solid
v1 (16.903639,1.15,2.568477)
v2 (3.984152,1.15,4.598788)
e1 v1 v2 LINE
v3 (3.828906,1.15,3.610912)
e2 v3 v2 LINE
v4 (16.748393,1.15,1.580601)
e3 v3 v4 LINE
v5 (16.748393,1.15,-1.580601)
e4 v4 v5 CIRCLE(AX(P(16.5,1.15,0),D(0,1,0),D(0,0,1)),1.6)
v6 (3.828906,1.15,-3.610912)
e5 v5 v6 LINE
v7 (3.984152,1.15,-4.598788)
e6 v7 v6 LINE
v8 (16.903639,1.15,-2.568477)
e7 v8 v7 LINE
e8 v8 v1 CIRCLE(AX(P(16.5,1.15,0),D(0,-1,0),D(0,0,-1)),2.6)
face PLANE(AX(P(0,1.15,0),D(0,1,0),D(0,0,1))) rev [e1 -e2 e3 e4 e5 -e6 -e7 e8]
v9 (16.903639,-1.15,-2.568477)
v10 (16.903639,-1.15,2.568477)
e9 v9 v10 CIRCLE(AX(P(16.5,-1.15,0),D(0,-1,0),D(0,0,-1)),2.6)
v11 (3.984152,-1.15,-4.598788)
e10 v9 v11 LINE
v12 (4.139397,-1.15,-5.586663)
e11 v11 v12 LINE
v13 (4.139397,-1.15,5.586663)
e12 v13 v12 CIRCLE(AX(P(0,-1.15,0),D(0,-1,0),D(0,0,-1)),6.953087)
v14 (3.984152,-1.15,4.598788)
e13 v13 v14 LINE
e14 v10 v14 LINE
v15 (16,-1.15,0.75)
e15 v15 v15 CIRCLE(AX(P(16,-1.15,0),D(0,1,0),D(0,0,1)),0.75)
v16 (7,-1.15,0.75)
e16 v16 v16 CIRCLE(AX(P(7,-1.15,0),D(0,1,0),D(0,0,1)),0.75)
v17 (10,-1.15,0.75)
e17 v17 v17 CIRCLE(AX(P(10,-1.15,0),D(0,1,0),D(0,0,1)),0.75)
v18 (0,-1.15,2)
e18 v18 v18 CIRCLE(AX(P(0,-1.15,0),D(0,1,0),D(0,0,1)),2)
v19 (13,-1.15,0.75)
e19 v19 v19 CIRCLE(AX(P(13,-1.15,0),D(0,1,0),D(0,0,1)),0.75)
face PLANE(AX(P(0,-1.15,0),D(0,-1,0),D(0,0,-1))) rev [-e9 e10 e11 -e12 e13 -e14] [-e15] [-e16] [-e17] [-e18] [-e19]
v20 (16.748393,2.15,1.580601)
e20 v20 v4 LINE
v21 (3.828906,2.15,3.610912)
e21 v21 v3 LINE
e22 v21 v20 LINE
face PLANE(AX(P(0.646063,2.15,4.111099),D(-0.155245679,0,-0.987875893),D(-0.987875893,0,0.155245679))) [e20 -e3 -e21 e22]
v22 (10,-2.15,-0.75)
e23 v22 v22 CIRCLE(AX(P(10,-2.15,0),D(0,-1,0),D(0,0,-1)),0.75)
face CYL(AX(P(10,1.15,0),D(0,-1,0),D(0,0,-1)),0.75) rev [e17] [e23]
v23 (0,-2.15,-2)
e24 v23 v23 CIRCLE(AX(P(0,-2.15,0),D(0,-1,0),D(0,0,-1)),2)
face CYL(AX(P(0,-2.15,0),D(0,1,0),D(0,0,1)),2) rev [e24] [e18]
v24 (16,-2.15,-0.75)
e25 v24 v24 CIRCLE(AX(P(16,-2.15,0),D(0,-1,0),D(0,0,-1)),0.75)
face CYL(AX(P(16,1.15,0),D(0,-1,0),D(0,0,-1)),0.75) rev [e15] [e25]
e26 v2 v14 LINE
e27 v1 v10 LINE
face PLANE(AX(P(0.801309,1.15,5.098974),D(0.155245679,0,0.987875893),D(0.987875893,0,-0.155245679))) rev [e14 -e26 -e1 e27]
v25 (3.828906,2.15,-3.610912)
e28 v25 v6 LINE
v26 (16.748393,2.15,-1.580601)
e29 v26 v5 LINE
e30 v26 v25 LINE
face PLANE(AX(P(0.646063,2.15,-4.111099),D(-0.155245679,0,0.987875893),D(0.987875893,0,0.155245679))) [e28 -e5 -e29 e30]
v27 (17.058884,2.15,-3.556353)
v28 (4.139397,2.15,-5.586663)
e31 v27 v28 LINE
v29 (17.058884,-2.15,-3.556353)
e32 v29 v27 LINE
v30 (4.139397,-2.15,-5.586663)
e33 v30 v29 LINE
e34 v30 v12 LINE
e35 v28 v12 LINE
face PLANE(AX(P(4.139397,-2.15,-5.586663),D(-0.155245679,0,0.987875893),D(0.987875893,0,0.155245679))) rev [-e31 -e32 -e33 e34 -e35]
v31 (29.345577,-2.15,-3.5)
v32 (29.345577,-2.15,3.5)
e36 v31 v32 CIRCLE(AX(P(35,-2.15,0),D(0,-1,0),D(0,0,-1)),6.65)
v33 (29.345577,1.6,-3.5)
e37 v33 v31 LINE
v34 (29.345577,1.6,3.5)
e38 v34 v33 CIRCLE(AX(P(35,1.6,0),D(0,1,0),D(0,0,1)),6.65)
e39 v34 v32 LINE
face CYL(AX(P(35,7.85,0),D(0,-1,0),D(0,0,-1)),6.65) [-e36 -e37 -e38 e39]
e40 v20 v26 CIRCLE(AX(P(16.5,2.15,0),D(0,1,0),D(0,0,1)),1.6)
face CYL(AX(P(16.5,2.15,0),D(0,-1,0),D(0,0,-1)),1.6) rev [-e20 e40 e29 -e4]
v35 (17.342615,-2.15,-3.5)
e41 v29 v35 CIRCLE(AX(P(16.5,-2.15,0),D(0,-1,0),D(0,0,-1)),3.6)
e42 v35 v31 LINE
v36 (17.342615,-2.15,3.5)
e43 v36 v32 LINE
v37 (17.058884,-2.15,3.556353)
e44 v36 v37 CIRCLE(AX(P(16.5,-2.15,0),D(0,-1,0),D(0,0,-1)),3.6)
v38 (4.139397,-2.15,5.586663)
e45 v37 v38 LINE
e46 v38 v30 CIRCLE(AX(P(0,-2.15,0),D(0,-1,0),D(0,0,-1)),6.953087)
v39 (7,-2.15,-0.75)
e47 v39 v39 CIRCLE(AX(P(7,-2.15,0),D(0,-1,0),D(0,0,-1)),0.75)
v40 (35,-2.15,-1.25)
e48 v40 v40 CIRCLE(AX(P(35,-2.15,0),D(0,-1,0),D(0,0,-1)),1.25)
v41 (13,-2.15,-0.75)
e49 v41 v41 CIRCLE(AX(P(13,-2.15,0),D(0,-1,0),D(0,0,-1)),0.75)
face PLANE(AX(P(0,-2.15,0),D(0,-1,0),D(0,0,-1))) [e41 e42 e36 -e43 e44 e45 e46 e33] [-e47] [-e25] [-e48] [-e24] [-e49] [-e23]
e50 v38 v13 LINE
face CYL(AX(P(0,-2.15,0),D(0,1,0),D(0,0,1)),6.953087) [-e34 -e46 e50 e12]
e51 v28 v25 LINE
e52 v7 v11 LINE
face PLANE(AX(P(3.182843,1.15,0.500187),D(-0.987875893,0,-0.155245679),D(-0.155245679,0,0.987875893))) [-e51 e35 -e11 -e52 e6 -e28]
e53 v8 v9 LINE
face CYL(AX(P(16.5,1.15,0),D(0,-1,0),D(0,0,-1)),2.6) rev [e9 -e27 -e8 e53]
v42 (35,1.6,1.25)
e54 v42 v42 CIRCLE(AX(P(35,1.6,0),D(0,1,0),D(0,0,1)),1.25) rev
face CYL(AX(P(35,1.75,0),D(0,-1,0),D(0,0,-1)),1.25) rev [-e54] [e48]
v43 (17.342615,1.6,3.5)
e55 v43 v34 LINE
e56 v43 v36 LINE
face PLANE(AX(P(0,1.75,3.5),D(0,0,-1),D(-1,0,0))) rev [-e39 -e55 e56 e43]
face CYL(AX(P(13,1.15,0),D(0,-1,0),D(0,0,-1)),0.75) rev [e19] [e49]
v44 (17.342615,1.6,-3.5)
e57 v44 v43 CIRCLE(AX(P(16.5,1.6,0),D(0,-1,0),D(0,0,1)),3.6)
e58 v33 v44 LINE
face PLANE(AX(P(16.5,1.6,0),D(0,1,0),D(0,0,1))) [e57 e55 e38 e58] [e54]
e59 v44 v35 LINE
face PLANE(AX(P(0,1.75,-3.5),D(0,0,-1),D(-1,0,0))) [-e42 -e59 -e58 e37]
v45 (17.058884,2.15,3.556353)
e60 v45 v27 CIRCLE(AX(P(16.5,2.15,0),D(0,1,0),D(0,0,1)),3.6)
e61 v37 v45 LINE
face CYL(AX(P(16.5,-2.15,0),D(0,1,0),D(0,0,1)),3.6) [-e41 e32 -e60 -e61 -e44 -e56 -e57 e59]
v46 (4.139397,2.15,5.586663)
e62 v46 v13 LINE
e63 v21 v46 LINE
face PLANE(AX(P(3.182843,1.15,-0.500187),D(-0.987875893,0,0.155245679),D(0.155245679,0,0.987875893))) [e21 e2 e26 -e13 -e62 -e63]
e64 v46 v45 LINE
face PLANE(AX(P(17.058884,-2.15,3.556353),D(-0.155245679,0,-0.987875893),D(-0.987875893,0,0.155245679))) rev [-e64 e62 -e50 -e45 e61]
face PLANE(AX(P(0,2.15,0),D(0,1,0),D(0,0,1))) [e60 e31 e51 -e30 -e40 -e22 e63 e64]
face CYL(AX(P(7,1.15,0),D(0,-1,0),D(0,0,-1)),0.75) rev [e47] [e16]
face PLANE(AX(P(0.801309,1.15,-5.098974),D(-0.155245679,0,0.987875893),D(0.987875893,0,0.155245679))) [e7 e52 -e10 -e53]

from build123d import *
from build123d.topology import SkipClean

# Parameters (mm, degrees)
SKETCH2_R               = 6
SKETCH2_R_2             = 1.5
BOSS_EXTRUDE1_DEPTH     = 1.15
SKETCH3_R               = 4.4
BOSS_EXTRUDE2_DEPTH     = 3.2
SKETCH4_R               = 0.75
BOSS_EXTRUDE3_DEPTH     = 1.15
CIRPATTERN1_COUNT       = 2
BOSS_EXTRUDE5_DEPTH     = 2.3
SKETCH7_R               = 2
BOSS_EXTRUDE6_DEPTH     = 1
CUT_EXTRUDE2_DEPTH      = 23.239726126
CUT_EXTRUDE4_DEPTH      = 2.3
SKETCH13_R              = 4.4
CUT_EXTRUDE5_DEPTH      = 3.3
BOSS_EXTRUDE8_DEPTH     = 1
SKETCH14_R              = 1.25
BOSS_EXTRUDE9_DEPTH     = 3.9
CUT_EXTRUDE6_DEPTH      = 10
CUT_EXTRUDE8_DEPTH      = 43.406107086
CUT_EXTRUDE8_DEPTH_BACK = 0.15


with BuildPart() as part:
    # Sketch2 → Boss-Extrude1 (new, symmetric)
    with BuildSketch(Plane(origin=(0, 0, 0), x_dir=(1, 0, 0), z_dir=(0, 1, 0))):
        with Locations(Location((0, 0, 0), (0, 0, 270))):
            Circle(SKETCH2_R)
        with Locations(Location((0, 0, 0), (0, 0, 270))):
            Circle(SKETCH2_R_2, mode=Mode.SUBTRACT)
    extrude(amount=BOSS_EXTRUDE1_DEPTH, both=True)

    # Sketch3 → Boss-Extrude2 (add)
    with BuildSketch(Plane(origin=(0, 1.15, 0), x_dir=(1, 0, 0), z_dir=(0, 1, 0))):
        with Locations(Location((0, 0, 0), (0, 0, 270))):
            Circle(SKETCH3_R)
        with BuildLine():
            Line((0.107421435, 2.898009771), (0.338399731, 2.678709694))
            Line((0.338399731, 2.678709694), (0.61665913, 2.83367809))
            ThreePointArc((0.61665913, 2.83367809), (0.721200673, 2.808891167), (0.824752316, 2.780248841))
            Line((0.824752316, 2.780248841), (0.993936292, 2.510396512))
            Line((0.993936292, 2.510396512), (1.301992734, 2.591295993))
            ThreePointArc((1.301992734, 2.591295993), (1.397085655, 2.541289372), (1.490260976, 2.48779465))
            Line((1.490260976, 2.48779465), (1.587020181, 2.184345885))
            Line((1.587020181, 2.184345885), (1.905517346, 2.186093238))
            ThreePointArc((1.905517346, 2.186093238), (1.985186607, 2.11400902), (2.062131058, 2.039023173))
            Line((2.062131058, 2.039023173), (2.080385755, 1.721044772))
            Line((2.080385755, 1.721044772), (2.389311295, 1.643530205))
            ThreePointArc((2.389311295, 1.643530205), (2.448550984, 1.553897705), (2.504429862, 1.46213237))
            Line((2.504429862, 1.46213237), (2.443033042, 1.149604087))
            Line((2.443033042, 1.149604087), (2.722976028, 0.997698125))
            ThreePointArc((2.722976028, 0.997698125), (2.758063897, 0.896149284), (2.789366126, 0.793370413))
            Line((2.789366126, 0.793370413), (2.652175577, 0.505929549))
            Line((2.652175577, 0.505929549), (2.885546163, 0.289177003))
            ThreePointArc((2.885546163, 0.289177003), (2.894277512, 0.182092507), (2.899036259, 0.074758075))
            Line((2.899036259, 0.074758075), (2.694672167, -0.169534403))
            Line((2.694672167, -0.169534403), (2.866806821, -0.437514174))
            ThreePointArc((2.866806821, -0.437514174), (2.848633027, -0.543405812), (2.826549281, -0.648551587))
            Line((2.826549281, -0.648551587), (2.567852594, -0.834345885))
            Line((2.567852594, -0.834345885), (2.667935462, -1.136714727))
            ThreePointArc((2.667935462, -1.136714727), (2.623998452, -1.234759946), (2.576459817, -1.331110368))
            Line((2.576459817, -1.331110368), (2.279685399, -1.446732346))
            Line((2.279685399, -1.446732346), (2.301427906, -1.764491312))
            ThreePointArc((2.301427906, -1.764491312), (2.234488404, -1.84852957), (2.164481907, -1.930030589))
            Line((2.164481907, -1.930030589), (1.848277186, -1.968215294))
            Line((1.848277186, -1.968215294), (1.790313171, -2.281398419))
            ThreePointArc((1.790313171, -2.281398419), (1.704577232, -2.346149284), (1.616501638, -2.40767989))
            Line((1.616501638, -2.40767989), (1.30073492, -2.366028036))
            Line((1.30073492, -2.366028036), (1.166706475, -2.654956874))
            ThreePointArc((1.166706475, -2.654956874), (1.067561203, -2.696351809), (0.966950626, -2.734045809))
            Line((0.966950626, -2.734045809), (0.671462695, -2.615174535))
            Line((0.671462695, -2.615174535), (0.469791321, -2.861694623))
            ThreePointArc((0.469791321, -2.861694623), (0.363466377, -2.877132634), (0.25664255, -2.888621575))
            Line((0.25664255, -2.888621575), (0, -2.7))
            Line((0, -2.7), (-0.25664255, -2.888621575))
            ThreePointArc((-0.25664255, -2.888621575), (-0.363466377, -2.877132634), (-0.469791321, -2.861694623))
            Line((-0.469791321, -2.861694623), (-0.671462695, -2.615174535))
            Line((-0.671462695, -2.615174535), (-0.966950626, -2.734045809))
            ThreePointArc((-0.966950626, -2.734045809), (-1.067561203, -2.696351809), (-1.166706475, -2.654956874))
            Line((-1.166706475, -2.654956874), (-1.30073492, -2.366028036))
            Line((-1.30073492, -2.366028036), (-1.616501638, -2.40767989))
            ThreePointArc((-1.616501638, -2.40767989), (-1.704577232, -2.346149284), (-1.790313171, -2.281398419))
            Line((-1.790313171, -2.281398419), (-1.848277186, -1.968215294))
            Line((-1.848277186, -1.968215294), (-2.164481907, -1.930030589))
            ThreePointArc((-2.164481907, -1.930030589), (-2.234488404, -1.84852957), (-2.301427906, -1.764491312))
            Line((-2.301427906, -1.764491312), (-2.279685399, -1.446732346))
            Line((-2.279685399, -1.446732346), (-2.576459817, -1.331110368))
            ThreePointArc((-2.576459817, -1.331110368), (-2.623998452, -1.234759946), (-2.667935462, -1.136714727))
            Line((-2.667935462, -1.136714727), (-2.567852594, -0.834345885))
            Line((-2.567852594, -0.834345885), (-2.826549281, -0.648551587))
            ThreePointArc((-2.826549281, -0.648551587), (-2.848633027, -0.543405812), (-2.866806821, -0.437514174))
            Line((-2.866806821, -0.437514174), (-2.694672167, -0.169534403))
            Line((-2.694672167, -0.169534403), (-2.899036259, 0.074758075))
            ThreePointArc((-2.899036259, 0.074758075), (-2.894277512, 0.182092507), (-2.885546163, 0.289177003))
            Line((-2.885546163, 0.289177003), (-2.652175577, 0.505929549))
            Line((-2.652175577, 0.505929549), (-2.789366126, 0.793370413))
            ThreePointArc((-2.789366126, 0.793370413), (-2.758063897, 0.896149284), (-2.722976028, 0.997698125))
            Line((-2.722976028, 0.997698125), (-2.443033042, 1.149604087))
            Line((-2.443033042, 1.149604087), (-2.504429862, 1.46213237))
            ThreePointArc((-2.504429862, 1.46213237), (-2.448550984, 1.553897705), (-2.389311295, 1.643530205))
            Line((-2.389311295, 1.643530205), (-2.080385755, 1.721044772))
            Line((-2.080385755, 1.721044772), (-2.062131058, 2.039023173))
            ThreePointArc((-2.062131058, 2.039023173), (-1.985186607, 2.11400902), (-1.905517346, 2.186093238))
            Line((-1.905517346, 2.186093238), (-1.587020181, 2.184345885))
            Line((-1.587020181, 2.184345885), (-1.490260976, 2.48779465))
            ThreePointArc((-1.490260976, 2.48779465), (-1.397085655, 2.541289372), (-1.301992734, 2.591295993))
            Line((-1.301992734, 2.591295993), (-0.993936292, 2.510396512))
            Line((-0.993936292, 2.510396512), (-0.824752316, 2.780248841))
            ThreePointArc((-0.824752316, 2.780248841), (-0.721200673, 2.808891167), (-0.61665913, 2.83367809))
            Line((-0.61665913, 2.83367809), (-0.338399731, 2.678709694))
            Line((-0.338399731, 2.678709694), (-0.107421435, 2.898009771))
            ThreePointArc((-0.107421435, 2.898009771), (0, 2.9), (0.107421435, 2.898009771))
        make_face(mode=Mode.SUBTRACT)
    extrude(amount=BOSS_EXTRUDE2_DEPTH)

    # Sketch4 → Boss-Extrude3 (add, symmetric)
    with BuildSketch(Plane(origin=(0, 0, 0), x_dir=(1, 0, 0), z_dir=(0, 1, 0))):
        with BuildLine():
            Line((3.968626967, 4.5), (16.888114198, 2.469689731))
            ThreePointArc((16.888114198, 2.469689731), (19, 0), (16.888114198, -2.469689731))
            Line((16.888114198, -2.469689731), (3.968626967, -4.5))
            ThreePointArc((3.968626967, -4.5), (6, 0), (3.968626967, 4.5))
        make_face()
        with Locations(Location((16, 0, 0), (0, 0, 270))):
            Circle(SKETCH4_R, mode=Mode.SUBTRACT)
        with Locations(Location((13, 0, 0), (0, 0, 270))):
            Circle(SKETCH4_R, mode=Mode.SUBTRACT)
        with Locations(Location((10, 0, 0), (0, 0, 270))):
            Circle(SKETCH4_R, mode=Mode.SUBTRACT)
        with Locations(Location((7, 0, 0), (0, 0, 270))):
            Circle(SKETCH4_R, mode=Mode.SUBTRACT)
    boss_extrude3 = extrude(amount=BOSS_EXTRUDE3_DEPTH, both=True)

    # CirPattern1: Boss-Extrude3 ×2 about axis
    cirpattern1_axis = Axis((0, 0, 0), (0, 1, 0))
    for i in range(1, CIRPATTERN1_COUNT):
        add(boss_extrude3.rotate(cirpattern1_axis, i * 360 / CIRPATTERN1_COUNT))



with BuildPart() as body_2:
    # Sketch6 → Boss-Extrude5 (new body)
    with BuildSketch(Plane.XZ.offset(1.15)):
        with BuildLine():
            Line((17.058884445, -3.556353213), (4.139397214, -5.586663482))
            Line((4.139397214, -5.586663482), (3.984151535, -4.598787589))
            Line((3.984151535, -4.598787589), (16.903638766, -2.568477321))
            ThreePointArc((16.903638766, -2.568477321), (19.1, 0), (16.903638766, 2.568477321))
            Line((16.903638766, 2.568477321), (3.984151535, 4.598787589))
            Line((3.984151535, 4.598787589), (4.139397214, 5.586663482))
            Line((4.139397214, 5.586663482), (17.058884445, 3.556353213))
            ThreePointArc((17.058884445, 3.556353213), (20.1, 0), (17.058884445, -3.556353213))
        make_face()
    extrude(amount=-BOSS_EXTRUDE5_DEPTH)


with BuildPart() as part_1:
    add(part.part)

    add(body_2.part)  # Boss-Extrude6 merges body 2
    # Sketch7 → Boss-Extrude6 (add)
    with BuildSketch(Plane.XZ.offset(1.15)):
        with BuildLine():
            Line((4.139397214, -5.586663482), (17.058884445, -3.556353213))
            ThreePointArc((17.058884445, -3.556353213), (20.1, 0), (17.058884445, 3.556353213))
            Line((17.058884445, 3.556353213), (4.139397214, 5.586663482))
            ThreePointArc((4.139397214, 5.586663482), (-6.953086951, 0), (4.139397214, -5.586663482))
        make_face()
        with Locations(Location((0, 0, 0), (0, 0, 270))):
            Circle(SKETCH7_R, mode=Mode.SUBTRACT)
    extrude(amount=BOSS_EXTRUDE6_DEPTH)

    # Sketch10 → Cut-Extrude2 (cut, through all)
    with SkipClean():  # the faces are left unmerged after this step: merging them gives an invalid solid
        with BuildSketch(Plane.XZ.offset(2.15)):
            with BuildLine():
                ThreePointArc((10.75, 0), (10, 0.75), (9.25, 0))
                Line((9.25, 0), (10.75, 0))
            make_face()
            with BuildLine():
                Line((10.75, 0), (9.25, 0))
                ThreePointArc((9.25, 0), (10, -0.75), (10.75, 0))
            make_face()
            with BuildLine():
                ThreePointArc((13.75, 0), (13, 0.75), (12.25, 0))
                Line((12.25, 0), (13.75, 0))
            make_face()
            with BuildLine():
                Line((13.75, 0), (12.25, 0))
                ThreePointArc((12.25, 0), (13, -0.75), (13.75, 0))
            make_face()
            with BuildLine():
                ThreePointArc((16.75, 0), (16, 0.75), (15.25, 0))
                Line((15.25, 0), (16.75, 0))
            make_face()
            with BuildLine():
                Line((16.75, 0), (15.25, 0))
                ThreePointArc((15.25, 0), (16, -0.75), (16.75, 0))
            make_face()
            with BuildLine():
                ThreePointArc((7.75, 0), (7, 0.75), (6.25, 0))
                Line((6.25, 0), (7.75, 0))
            make_face()
            with BuildLine():
                Line((7.75, 0), (6.25, 0))
                ThreePointArc((6.25, 0), (7, -0.75), (7.75, 0))
            make_face()
        extrude(amount=-CUT_EXTRUDE2_DEPTH, mode=Mode.SUBTRACT)

    # Sketch12 → Cut-Extrude4 (cut)
    with BuildSketch(Plane(origin=(0, 1.15, 0), x_dir=(1, 0, 0), z_dir=(0, 1, 0))):
        with BuildLine():
            Line((-3.968626967, 4.5), (-16.888114198, 2.469689731))
            ThreePointArc((-16.888114198, 2.469689731), (-19, 0), (-16.888114198, -2.469689731))
            Line((-16.888114198, -2.469689731), (-3.968626967, -4.5))
            ThreePointArc((-3.968626967, -4.5), (0, -6), (3.968626967, -4.5))
            Line((3.968626967, -4.5), (16.888114198, -2.469689731))
            ThreePointArc((16.888114198, -2.469689731), (19, 0), (16.888114198, 2.469689731))
            Line((16.888114198, 2.469689731), (3.968626967, 4.5))
            ThreePointArc((3.968626967, 4.5), (0, 6), (-3.968626967, 4.5))
        make_face()
    extrude(amount=-CUT_EXTRUDE4_DEPTH, mode=Mode.SUBTRACT)


with BuildPart() as cut_extrude4_piece_1:
    # of the separate pieces the step leaves, piece 1, a body of its own (cut_extrude4_pieces)
    add(part_1.part.solids().sort_by_distance((4.139397214, -1.15, -5.586663482))[0])

    # Sketch9 → Boss-Extrude8 (add)
    with BuildSketch(Plane(origin=(0, 1.15, 0), x_dir=(1, 0, 0), z_dir=(0, 1, 0))):
        with BuildLine():
            ThreePointArc((17.058884445, -3.556353213), (20.1, 0), (17.058884445, 3.556353213))
            Line((17.058884445, 3.556353213), (4.139397214, 5.586663482))
            Line((4.139397214, 5.586663482), (3.984151535, 4.598787589))
            Line((3.984151535, 4.598787589), (16.903638766, 2.568477321))
            ThreePointArc((16.903638766, 2.568477321), (19.1, 0), (16.903638766, -2.568477321))
            Line((16.903638766, -2.568477321), (3.984151535, -4.598787589))
            Line((3.984151535, -4.598787589), (4.139397214, -5.586663482))
            Line((4.139397214, -5.586663482), (17.058884445, -3.556353213))
        make_face()
        with BuildLine():
            ThreePointArc((16.748393087, -1.580601428), (18.1, 0), (16.748393087, 1.580601428))
            Line((16.748393087, 1.580601428), (3.828905855, 3.610911697))
            Line((3.828905855, 3.610911697), (3.984151535, 4.598787589))
            Line((3.984151535, 4.598787589), (16.903638766, 2.568477321))
            ThreePointArc((16.903638766, 2.568477321), (19.1, 0), (16.903638766, -2.568477321))
            Line((16.903638766, -2.568477321), (3.984151535, -4.598787589))
            Line((3.984151535, -4.598787589), (3.828905855, -3.610911697))
            Line((3.828905855, -3.610911697), (16.748393087, -1.580601428))
        make_face()
    extrude(amount=BOSS_EXTRUDE8_DEPTH)

    # Sketch14 → Boss-Extrude9 (add)
    # profile 1 of 5: a face of its own
    with BuildSketch(Plane.XZ.offset(2.15)):
        with BuildLine():
            Line((28, 0), (20.1, 0))
            ThreePointArc((20.1, 0), (19.327844932, -2.227844932), (17.342614977, -3.5))
            Line((17.342614977, -3.5), (28.937822174, -3.5))
            ThreePointArc((28.937822174, -3.5), (28.238519216, -1.811733316), (28, 0))
        make_face()
    # profile 2 of 5: a face of its own
    with BuildSketch(Plane.XZ.offset(2.15)):
        with BuildLine():
            ThreePointArc((17.342614977, 3.5), (19.327844932, 2.227844932), (20.1, 0))
            Line((20.1, 0), (28, 0))
            ThreePointArc((28, 0), (28.238519216, 1.811733316), (28.937822174, 3.5))
            Line((28.937822174, 3.5), (17.342614977, 3.5))
        make_face()
    # profile 3 of 5: a face of its own
    with BuildSketch(Plane.XZ.offset(2.15)):
        with BuildLine():
            Line((30.836953373, 3.5), (30.836953373, 0))
            Line((30.836953373, 0), (30.836953373, -3.5))
            Line((30.836953373, -3.5), (28.937822174, -3.5))
            ThreePointArc((28.937822174, -3.5), (36.811733316, -6.761480784), (42, 0))
            ThreePointArc((42, 0), (36.811733316, 6.761480784), (28.937822174, 3.5))
            Line((28.937822174, 3.5), (30.836953373, 3.5))
        make_face()
        with Locations(Location((35, 0, 0), (0, 0, 270))):
            Circle(SKETCH14_R, mode=Mode.SUBTRACT)
    # profile 4 of 5: a face of its own
    with BuildSketch(Plane.XZ.offset(2.15)):
        with BuildLine():
            Line((30.836953373, 0), (28, 0))
            ThreePointArc((28, 0), (28.238519216, -1.811733316), (28.937822174, -3.5))
            Line((28.937822174, -3.5), (30.836953373, -3.5))
            Line((30.836953373, -3.5), (30.836953373, 0))
        make_face()
    # profile 5 of 5: a face of its own
    with BuildSketch(Plane.XZ.offset(2.15)):
        with BuildLine():
            ThreePointArc((28.937822174, 3.5), (28.238519216, 1.811733316), (28, 0))
            Line((28, 0), (30.836953373, 0))
            Line((30.836953373, 0), (30.836953373, 3.5))
            Line((30.836953373, 3.5), (28.937822174, 3.5))
        make_face()
    extrude(amount=-BOSS_EXTRUDE9_DEPTH)

    # Sketch15 → Cut-Extrude6 (cut)
    with BuildSketch(Plane.XZ.offset(2.15)):
        with BuildLine():
            ThreePointArc((42, 0), (36.811733316, 6.761480784), (28.937822174, 3.5))
            Line((28.937822174, 3.5), (29.345576953, 3.5))
            ThreePointArc((29.345576953, 3.5), (36.819421163, 6.396265053), (41.65, 0))
            ThreePointArc((41.65, 0), (36.819421163, -6.396265053), (29.345576953, -3.5))
            Line((29.345576953, -3.5), (28.937822174, -3.5))
            ThreePointArc((28.937822174, -3.5), (36.811733316, -6.761480784), (42, 0))
        make_face()
    extrude(amount=-CUT_EXTRUDE6_DEPTH, mode=Mode.SUBTRACT)

    # Sketch17 → Cut-Extrude8 (cut, two sides: drawn at the far end of the back side and taken through both)
    with BuildSketch(Plane(origin=(0, 1.75, 0), x_dir=(1, 0, 0), z_dir=(0, 1, 0)).offset(-CUT_EXTRUDE8_DEPTH_BACK)):
        with BuildLine():
            Line((17.342614977, -3.5), (29.345576953, -3.5))
            ThreePointArc((29.345576953, -3.5), (41.65, 0), (29.345576953, 3.5))
            Line((29.345576953, 3.5), (17.342614977, 3.5))
            ThreePointArc((17.342614977, 3.5), (20.1, 0), (17.342614977, -3.5))
        make_face()
    extrude(amount=CUT_EXTRUDE8_DEPTH + CUT_EXTRUDE8_DEPTH_BACK, mode=Mode.SUBTRACT)


with BuildPart() as cut_extrude4_piece_2:
    # of the separate pieces the step leaves, piece 2, a body of its own (cut_extrude4_pieces)
    add(part_1.part.solids().sort_by_distance((0, 1.15, 4.4))[0])

    # Sketch13 → Cut-Extrude5 (cut)
    with BuildSketch(Plane(origin=(0, 4.35, 0), x_dir=(1, 0, 0), z_dir=(0, 1, 0))):
        Circle(SKETCH13_R)
    extrude(amount=-CUT_EXTRUDE5_DEPTH, mode=Mode.SUBTRACT)


solid = cut_extrude4_piece_1.part
